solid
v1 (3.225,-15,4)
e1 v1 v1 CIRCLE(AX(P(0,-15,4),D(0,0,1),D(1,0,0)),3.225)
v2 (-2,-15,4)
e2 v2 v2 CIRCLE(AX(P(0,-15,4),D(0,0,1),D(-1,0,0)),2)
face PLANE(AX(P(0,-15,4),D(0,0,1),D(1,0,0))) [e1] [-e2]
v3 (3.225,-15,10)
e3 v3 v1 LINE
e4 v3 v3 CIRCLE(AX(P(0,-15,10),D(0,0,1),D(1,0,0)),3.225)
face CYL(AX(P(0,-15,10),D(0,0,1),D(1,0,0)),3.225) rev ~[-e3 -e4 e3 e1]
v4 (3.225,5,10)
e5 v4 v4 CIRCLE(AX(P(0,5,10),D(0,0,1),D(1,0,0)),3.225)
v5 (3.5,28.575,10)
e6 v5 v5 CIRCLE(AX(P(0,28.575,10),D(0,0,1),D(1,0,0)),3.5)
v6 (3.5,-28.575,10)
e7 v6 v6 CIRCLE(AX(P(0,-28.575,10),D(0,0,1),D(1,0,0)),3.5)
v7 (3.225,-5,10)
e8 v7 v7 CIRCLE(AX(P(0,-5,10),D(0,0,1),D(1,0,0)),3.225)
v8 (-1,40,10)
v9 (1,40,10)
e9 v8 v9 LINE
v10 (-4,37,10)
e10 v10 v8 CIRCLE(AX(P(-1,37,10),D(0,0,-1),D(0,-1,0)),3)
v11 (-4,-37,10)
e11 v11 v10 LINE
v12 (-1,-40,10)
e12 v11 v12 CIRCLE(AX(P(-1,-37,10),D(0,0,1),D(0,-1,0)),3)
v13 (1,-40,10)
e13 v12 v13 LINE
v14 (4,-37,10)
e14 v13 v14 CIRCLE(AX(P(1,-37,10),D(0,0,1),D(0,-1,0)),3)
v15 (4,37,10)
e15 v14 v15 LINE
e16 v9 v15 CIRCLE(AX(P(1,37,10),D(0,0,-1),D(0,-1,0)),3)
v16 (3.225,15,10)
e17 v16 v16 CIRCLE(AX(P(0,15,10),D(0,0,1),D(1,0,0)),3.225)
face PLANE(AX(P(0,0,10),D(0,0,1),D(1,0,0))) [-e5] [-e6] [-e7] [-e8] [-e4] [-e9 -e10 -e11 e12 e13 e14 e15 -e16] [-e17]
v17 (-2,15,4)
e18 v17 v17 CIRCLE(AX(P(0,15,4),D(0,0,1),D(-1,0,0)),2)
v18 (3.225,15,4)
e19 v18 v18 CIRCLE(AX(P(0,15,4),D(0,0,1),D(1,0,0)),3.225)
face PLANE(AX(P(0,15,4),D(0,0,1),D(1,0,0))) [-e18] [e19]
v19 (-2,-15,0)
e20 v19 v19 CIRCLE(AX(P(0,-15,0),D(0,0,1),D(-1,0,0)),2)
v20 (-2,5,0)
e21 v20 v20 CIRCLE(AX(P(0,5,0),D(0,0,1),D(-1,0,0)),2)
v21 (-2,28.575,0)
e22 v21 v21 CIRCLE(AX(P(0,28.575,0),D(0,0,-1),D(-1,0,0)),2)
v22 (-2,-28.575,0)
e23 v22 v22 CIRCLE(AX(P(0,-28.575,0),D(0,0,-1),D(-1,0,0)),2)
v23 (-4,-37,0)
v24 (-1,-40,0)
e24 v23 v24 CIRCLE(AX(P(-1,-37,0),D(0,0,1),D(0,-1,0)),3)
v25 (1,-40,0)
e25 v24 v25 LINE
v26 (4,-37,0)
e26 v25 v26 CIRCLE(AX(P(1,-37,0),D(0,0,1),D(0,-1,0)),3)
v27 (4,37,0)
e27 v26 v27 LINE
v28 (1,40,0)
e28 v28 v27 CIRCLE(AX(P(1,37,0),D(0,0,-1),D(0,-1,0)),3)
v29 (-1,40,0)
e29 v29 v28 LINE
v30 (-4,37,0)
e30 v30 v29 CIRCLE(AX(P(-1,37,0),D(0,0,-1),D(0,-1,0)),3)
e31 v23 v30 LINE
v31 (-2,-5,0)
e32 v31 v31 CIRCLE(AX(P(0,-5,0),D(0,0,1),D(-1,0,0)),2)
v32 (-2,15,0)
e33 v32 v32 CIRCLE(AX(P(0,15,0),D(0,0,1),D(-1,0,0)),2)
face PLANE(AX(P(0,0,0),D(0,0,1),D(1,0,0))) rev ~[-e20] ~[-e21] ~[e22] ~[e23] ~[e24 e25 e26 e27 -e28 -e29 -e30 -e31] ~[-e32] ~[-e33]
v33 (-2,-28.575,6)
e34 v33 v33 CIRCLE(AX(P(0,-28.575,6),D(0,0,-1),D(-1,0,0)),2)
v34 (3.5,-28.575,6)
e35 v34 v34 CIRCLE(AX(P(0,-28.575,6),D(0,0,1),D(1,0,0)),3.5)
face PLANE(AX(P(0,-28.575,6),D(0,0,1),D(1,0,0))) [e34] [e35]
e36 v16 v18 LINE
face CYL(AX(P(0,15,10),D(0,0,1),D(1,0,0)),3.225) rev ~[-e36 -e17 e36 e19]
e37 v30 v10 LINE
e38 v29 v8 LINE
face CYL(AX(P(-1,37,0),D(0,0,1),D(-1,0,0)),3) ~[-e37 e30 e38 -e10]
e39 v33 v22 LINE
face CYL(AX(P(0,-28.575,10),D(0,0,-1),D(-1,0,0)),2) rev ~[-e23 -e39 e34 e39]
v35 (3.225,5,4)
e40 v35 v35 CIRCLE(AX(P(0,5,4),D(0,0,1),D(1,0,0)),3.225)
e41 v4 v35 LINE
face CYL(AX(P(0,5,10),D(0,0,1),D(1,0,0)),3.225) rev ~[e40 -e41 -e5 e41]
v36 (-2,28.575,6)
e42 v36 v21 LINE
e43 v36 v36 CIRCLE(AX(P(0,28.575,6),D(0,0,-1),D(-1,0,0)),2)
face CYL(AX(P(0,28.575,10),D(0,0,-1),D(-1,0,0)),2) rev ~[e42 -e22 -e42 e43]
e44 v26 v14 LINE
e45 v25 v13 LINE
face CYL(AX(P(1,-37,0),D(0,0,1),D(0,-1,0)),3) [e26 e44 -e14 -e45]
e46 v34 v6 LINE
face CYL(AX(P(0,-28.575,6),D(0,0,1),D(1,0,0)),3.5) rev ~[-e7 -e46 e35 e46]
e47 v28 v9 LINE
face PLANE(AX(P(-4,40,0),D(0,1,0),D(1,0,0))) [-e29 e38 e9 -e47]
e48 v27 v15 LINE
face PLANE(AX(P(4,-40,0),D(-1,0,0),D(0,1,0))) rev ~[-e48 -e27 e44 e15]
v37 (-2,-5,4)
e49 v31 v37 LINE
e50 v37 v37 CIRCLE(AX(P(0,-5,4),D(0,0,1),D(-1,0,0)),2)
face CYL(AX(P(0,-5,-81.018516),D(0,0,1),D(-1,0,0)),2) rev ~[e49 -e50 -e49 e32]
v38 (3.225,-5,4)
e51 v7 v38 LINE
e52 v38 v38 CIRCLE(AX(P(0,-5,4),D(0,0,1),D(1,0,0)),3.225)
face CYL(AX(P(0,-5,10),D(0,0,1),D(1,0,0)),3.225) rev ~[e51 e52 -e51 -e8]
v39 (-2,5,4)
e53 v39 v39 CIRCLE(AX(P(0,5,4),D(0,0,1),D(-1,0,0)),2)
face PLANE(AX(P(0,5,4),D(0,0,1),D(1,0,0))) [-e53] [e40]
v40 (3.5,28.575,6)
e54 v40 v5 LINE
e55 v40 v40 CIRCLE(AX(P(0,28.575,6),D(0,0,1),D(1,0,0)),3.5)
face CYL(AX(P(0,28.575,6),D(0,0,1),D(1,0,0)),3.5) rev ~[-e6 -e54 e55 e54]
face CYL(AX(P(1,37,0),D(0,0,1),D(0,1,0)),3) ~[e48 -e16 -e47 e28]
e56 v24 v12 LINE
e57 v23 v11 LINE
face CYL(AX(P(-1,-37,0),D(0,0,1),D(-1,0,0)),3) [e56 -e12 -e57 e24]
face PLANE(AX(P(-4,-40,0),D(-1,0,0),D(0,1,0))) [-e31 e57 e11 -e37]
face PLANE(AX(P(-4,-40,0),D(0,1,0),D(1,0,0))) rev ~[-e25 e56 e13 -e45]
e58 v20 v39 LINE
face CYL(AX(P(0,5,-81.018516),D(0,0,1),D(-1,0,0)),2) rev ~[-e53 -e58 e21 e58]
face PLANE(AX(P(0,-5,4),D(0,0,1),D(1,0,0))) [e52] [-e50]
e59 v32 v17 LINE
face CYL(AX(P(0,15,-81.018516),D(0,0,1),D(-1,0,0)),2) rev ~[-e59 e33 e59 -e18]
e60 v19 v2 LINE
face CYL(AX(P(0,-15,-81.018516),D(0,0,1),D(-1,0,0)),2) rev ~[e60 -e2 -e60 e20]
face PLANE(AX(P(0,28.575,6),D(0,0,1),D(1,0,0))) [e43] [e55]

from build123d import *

# Parameters (mm, degrees)
F0_W           = 8
F0_H           = 80
F0_R           = 3.225
F1_DEPTH       = 10
F3_D           = 4
F3_CBORE_D     = 7
F3_CBORE_DEPTH = 4
F4_R           = 3
F2_R           = 3.225
F5_DEPTH       = 6
F6_D           = 4


with BuildPart() as f1:
    # F0 (on Top) → F1 (new body)
    with BuildSketch(Plane.XY):
        Rectangle(F0_W, F0_H)
        with Locations((0, -15)):
            Circle(F0_R, mode=Mode.SUBTRACT)
        with Locations((0, -5)):
            Circle(F0_R, mode=Mode.SUBTRACT)
        with Locations((0, 5)):
            Circle(F0_R, mode=Mode.SUBTRACT)
        with Locations((0, 15)):
            Circle(F0_R, mode=Mode.SUBTRACT)
        with Locations((0, 5)):
            Circle(F0_R)
        with Locations((0, -5)):
            Circle(F0_R)
        with Locations((0, 15)):
            Circle(F0_R)
        with Locations((0, -15)):
            Circle(F0_R)
    extrude(amount=F1_DEPTH)

    # F3 (through all)
    with Locations(Plane.XY.offset(10)):
        with Locations((0, 28.575), (0, -28.575)):
            CounterBoreHole(F3_D / 2, F3_CBORE_D / 2, F3_CBORE_DEPTH)

    # F4
    f4_edges = [f1.edges().sort_by_distance(p)[0] for p in [
        (-4, 40, 5),
        (4, 40, 5),
        (-4, -40, 5),
        (4, -40, 5),
    ]]
    fillet(f4_edges, radius=F4_R)

    # F2 (on face) → F5 (cut)
    with BuildSketch(Plane.XY.offset(10)):
        with Locations((0, -5)):
            Circle(F2_R)
        with Locations((0, 5)):
            Circle(F2_R)
        with Locations((0, 15)):
            Circle(F2_R)
        with Locations((0, -15)):
            Circle(F2_R)
    extrude(amount=-F5_DEPTH, mode=Mode.SUBTRACT)

    # F6 (through all)
    with Locations(Plane(origin=(0, 0, 0), x_dir=(1, 0, 0), z_dir=(0, 0, -1))):
        with Locations((0, 15), (0, 5), (0, -5), (0, -15)):
            Hole(F6_D / 2)


solid = f1.part
